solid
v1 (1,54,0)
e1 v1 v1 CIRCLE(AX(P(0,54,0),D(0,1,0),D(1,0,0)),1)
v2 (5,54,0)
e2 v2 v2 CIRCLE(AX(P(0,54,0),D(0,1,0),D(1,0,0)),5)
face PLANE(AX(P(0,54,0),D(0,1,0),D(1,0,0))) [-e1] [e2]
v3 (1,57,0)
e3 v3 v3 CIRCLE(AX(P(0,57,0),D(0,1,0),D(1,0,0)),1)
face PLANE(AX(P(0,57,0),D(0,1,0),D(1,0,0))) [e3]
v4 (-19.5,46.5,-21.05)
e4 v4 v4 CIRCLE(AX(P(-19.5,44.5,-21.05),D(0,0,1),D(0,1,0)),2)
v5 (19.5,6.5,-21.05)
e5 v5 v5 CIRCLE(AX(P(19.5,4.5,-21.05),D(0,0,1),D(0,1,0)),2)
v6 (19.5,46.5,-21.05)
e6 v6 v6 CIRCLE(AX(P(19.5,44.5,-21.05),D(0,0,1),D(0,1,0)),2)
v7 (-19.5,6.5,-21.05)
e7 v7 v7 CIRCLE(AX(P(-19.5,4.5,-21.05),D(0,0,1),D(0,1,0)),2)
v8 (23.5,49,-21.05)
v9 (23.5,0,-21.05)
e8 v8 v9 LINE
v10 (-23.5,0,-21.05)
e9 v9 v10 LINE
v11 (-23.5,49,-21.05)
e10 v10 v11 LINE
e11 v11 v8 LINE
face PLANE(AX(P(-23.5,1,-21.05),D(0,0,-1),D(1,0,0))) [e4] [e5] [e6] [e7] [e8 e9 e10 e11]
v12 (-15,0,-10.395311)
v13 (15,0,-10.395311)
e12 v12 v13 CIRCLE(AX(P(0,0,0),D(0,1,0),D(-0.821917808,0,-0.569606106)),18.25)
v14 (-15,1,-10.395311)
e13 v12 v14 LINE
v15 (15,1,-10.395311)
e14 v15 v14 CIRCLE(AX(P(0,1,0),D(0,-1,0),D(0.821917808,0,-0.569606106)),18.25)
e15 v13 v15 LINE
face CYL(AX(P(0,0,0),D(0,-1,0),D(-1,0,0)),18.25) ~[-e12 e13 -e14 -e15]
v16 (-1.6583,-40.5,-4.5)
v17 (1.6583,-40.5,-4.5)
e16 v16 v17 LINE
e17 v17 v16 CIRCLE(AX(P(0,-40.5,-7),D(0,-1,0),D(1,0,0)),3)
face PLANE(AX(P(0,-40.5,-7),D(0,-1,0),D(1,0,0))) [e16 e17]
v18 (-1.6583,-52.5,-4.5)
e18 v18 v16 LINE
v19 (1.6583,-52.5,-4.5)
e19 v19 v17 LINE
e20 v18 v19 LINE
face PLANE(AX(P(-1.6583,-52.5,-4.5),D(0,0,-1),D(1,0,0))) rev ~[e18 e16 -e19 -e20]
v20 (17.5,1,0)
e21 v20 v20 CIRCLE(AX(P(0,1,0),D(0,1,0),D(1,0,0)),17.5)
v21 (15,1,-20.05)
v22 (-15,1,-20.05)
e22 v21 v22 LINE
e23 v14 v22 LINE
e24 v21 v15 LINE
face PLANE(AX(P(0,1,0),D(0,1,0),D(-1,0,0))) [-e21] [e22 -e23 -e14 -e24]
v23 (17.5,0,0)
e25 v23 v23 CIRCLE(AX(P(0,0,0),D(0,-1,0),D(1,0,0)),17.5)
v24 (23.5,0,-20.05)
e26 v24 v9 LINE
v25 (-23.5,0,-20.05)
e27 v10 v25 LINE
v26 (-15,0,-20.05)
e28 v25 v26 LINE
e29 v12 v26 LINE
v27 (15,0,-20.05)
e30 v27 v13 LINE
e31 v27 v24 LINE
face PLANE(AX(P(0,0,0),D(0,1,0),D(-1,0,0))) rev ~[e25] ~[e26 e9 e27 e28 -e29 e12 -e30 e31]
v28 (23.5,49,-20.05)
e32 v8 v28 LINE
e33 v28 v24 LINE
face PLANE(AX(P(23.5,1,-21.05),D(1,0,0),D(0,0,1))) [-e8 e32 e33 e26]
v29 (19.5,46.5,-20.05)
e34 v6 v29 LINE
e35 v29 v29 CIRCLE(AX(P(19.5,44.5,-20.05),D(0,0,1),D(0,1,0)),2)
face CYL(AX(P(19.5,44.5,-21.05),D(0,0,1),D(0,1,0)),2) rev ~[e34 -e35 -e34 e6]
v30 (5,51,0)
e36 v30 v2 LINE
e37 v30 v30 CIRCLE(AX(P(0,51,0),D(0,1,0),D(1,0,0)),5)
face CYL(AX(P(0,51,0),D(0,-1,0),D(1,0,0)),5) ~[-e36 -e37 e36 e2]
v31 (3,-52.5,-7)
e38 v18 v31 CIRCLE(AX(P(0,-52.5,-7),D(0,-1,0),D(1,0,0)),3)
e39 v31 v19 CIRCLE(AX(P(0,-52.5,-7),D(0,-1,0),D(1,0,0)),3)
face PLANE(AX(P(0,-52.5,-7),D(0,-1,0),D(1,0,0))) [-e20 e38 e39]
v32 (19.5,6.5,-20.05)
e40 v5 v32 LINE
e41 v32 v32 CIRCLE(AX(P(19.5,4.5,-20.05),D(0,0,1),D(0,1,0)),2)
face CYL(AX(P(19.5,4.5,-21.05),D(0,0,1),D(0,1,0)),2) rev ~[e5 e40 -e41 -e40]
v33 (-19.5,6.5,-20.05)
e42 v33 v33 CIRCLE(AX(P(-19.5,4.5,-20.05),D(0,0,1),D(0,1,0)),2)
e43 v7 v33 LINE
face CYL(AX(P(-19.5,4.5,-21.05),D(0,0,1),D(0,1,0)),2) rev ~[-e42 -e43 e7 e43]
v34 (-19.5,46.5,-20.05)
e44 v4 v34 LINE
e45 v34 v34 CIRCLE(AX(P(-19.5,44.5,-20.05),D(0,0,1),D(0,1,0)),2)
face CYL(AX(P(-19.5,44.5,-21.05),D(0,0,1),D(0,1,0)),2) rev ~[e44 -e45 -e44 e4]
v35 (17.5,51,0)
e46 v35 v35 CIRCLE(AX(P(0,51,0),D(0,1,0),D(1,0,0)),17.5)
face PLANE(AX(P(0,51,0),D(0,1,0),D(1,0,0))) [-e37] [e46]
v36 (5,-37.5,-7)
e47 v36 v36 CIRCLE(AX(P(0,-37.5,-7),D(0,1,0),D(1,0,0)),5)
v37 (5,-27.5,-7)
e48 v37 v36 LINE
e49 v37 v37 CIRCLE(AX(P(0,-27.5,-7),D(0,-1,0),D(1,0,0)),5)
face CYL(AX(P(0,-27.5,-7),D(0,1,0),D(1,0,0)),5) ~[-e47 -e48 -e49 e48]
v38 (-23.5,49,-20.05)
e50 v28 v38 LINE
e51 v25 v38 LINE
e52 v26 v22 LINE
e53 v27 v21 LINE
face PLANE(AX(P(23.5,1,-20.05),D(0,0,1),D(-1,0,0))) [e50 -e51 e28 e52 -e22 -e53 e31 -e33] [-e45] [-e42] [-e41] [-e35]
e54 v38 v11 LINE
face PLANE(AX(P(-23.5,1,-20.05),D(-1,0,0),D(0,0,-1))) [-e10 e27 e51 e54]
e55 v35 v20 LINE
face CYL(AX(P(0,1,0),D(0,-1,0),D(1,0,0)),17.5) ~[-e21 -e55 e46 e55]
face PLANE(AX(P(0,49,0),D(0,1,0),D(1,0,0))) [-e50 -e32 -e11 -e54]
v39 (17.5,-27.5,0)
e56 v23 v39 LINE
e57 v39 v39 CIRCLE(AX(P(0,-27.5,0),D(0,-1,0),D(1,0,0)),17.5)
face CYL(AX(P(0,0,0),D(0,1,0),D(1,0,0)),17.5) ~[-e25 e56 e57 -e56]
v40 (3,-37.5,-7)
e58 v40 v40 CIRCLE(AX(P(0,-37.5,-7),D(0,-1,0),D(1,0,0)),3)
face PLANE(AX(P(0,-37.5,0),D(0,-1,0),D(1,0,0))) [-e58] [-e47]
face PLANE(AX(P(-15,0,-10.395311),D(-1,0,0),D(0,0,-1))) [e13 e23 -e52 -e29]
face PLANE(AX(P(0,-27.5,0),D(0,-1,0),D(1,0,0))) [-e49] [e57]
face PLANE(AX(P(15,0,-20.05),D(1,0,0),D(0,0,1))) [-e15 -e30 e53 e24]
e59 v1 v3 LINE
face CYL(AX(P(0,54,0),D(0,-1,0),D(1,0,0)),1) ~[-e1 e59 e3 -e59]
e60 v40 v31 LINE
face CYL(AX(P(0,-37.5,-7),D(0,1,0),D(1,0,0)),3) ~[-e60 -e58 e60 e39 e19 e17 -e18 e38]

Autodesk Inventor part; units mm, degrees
ref_plane "YZ Plane" through (0, 0, 0) normal (1, 0, 0) x (0, 1, 0)
ref_plane "XZ Plane" through (0, 0, 0) normal (0, 1, 0) x (-1, 0, 0)
ref_plane "XY Plane" through (0, 0, 0) normal (0, 0, 1) x (1, 0, 0)
sketch "Esquisse1" plane through (0, 0, 0) normal (0, 1, 0) x (-1, 0, 0)
  circle A0 centre (0, 0) radius 18.25
  line L0 (-15, 0) -> (15, 0)
  line L1 (15, 0) -> (15, -20.05)
  line L2 (15, -20.05) -> (-15, -20.05)
  line L3 (-15, -20.05) -> (-15, 0)
  line L4 (-23.5, -21.05) -> (23.5, -21.05)
  line L5 (23.5, -21.05) -> (23.5, -20.05)
  line L6 (23.5, -20.05) -> (-23.5, -20.05)
  line L7 (-23.5, -20.05) -> (-23.5, -21.05)
  dimension "d0" = 36.5
  dimension "d1" = 30
  dimension "d2" = 15
  dimension "d3" = 1
  dimension "d4" = 47
  dimension "d5" = 23.5
  dimension "d6" = 39.3
extrude "Extrusion1" add sketch "Esquisse1" along normal blind 1
sketch "Esquisse2" plane through (0, 1, 0) normal (0, 1, 0) x (1, 0, 0)
  arc A0 (-15, 10.3953) -> (15, 10.3953) centre (0, 0) ccw projected
  circle A1 centre (0, 0) radius 17.5
  dimension "d9" = 35
extrude "Extrusion2" add sketch "Esquisse2" along normal blind 50
sketch "Esquisse3" plane through (0, 0, 0) normal (0, -1, 0) x (1, 0, 0)
  arc A0 (15, -10.3953) -> (-15, -10.3953) centre (0, 0) ccw projected
  circle A1 centre (0, 0) radius 17.5
  dimension "d12" = 35
extrude "Extrusion3" add sketch "Esquisse3" along normal blind 27.5
sketch "Esquisse4" plane through (0, 1, 0) normal (0, 1, 0) x (1, 0, 0)
  line L0 (-23.5, 21.05) -> (23.5, 21.05)
  line L1 (23.5, 21.05) -> (23.5, 20.05)
  line L2 (23.5, 20.05) -> (-23.5, 20.05)
  line L3 (-23.5, 20.05) -> (-23.5, 21.05)
extrude "Extrusion4" add sketch "Esquisse4" along normal blind 48
sketch "Esquisse5" plane through (0, -27.5, 0) normal (0, -1, 0) x (1, 0, 0)
  circle A0 centre (0, 0) radius 17.5 projected
  line L0 (0, 0) -> (0, -17.5)
  circle A1 centre (0, -7) radius 5
  dimension "d17" = 7
  dimension "d18" = 10
extrude "Extrusion5" add sketch "Esquisse5" along normal blind 10 contours A1 L0 | L0 A1
sketch "Esquisse6" plane through (0, -37.5, -7) normal (0, -1, 0) x (1, 0, 0)
  circle A0 centre (0, 0) radius 5 projected
  circle A1 centre (0, 0) radius 3
  point P0 (0, 7)
  dimension "d21" = 6
extrude "Extrusion6" add sketch "Esquisse6" along normal blind 15 contours A1
sketch "Esquisse7" plane through (0, -52.5, -7) normal (0, -1, 0) x (1, 0, 0)
  circle A0 centre (0, 0) radius 3 projected
  line L0 (-1.6583, 2.5) -> (1.6583, 2.5)
  line L1 (1.6583, 2.5) -> (1.6583, 0)
  line L2 (1.6583, 0) -> (-1.6583, 0)
  line L3 (-1.6583, 0) -> (-1.6583, 2.5)
  arc A1 (1.6583, 2.5) -> (-1.6583, 2.5) centre (0, 0) ccw
  arc A2 (-1.6583, 2.5) -> (1.6583, 2.5) centre (0, 0) ccw
  point P0 (0, 7)
  dimension "d27" = 5.5
extrude "Extrusion7" cut sketch "Esquisse7" against normal blind 12 contours L0 A0
sketch "Esquisse8" plane through (0, 51, 0) normal (0, 1, 0) x (1, 0, 0)
  circle A0 centre (0, 0) radius 17.5 projected
  circle A1 centre (0, 0) radius 5
  dimension "d28" = 10
extrude "Extrusion8" add sketch "Esquisse8" along normal blind 3 contours A1
sketch "Esquisse9" plane through (0, 54, 0) normal (0, 1, 0) x (1, 0, 0)
  circle A0 centre (0, 0) radius 5 projected
  circle A1 centre (0, 0) radius 1
  dimension "d31" = 2
extrude "Extrusion9" add sketch "Esquisse9" along normal blind 3 contours A1
sketch "Esquisse10" plane through (23.5, 0, -21.05) normal (0, 0, -1) x (-1, 0, 0)
  line L0 (0, 0) -> (47, 0) projected
  line L1 (47, 0) -> (47, 49) projected
  line L2 (0, 49) -> (47, 49) projected
  line L3 (0, 0) -> (0, 49) projected
  line L4 (4, 44.5) -> (43, 44.5)
  line L5 (43, 44.5) -> (43, 4.5)
  line L6 (43, 4.5) -> (4, 4.5)
  line L7 (4, 4.5) -> (4, 44.5)
  point P0 (23.5, 0)
  dimension "d34" = 39
  dimension "d35" = 47
  dimension "d36" = 4
  dimension "d37" = 40
  dimension "d38" = 49
  dimension "d39" = 4.5
hole "Perçage1" at (19.5, 44.5, -21.05) at (-19.5, 44.5, -21.05) at (-19.5, 4.5, -21.05) at (19.5, 4.5, -21.05) direction (0, 0, 1) diameter 4 end through all
equation "\"d2\" = 0.5 * d1"
equation "\"d5\" = 0.5 * d4"
equation "\"d36\" = -0.5 * d34 + 0.5 * d35"
equation "\"d39\" = -0.5 * d37 + 0.5 * d38"
properties part number "mfa_970d471"
